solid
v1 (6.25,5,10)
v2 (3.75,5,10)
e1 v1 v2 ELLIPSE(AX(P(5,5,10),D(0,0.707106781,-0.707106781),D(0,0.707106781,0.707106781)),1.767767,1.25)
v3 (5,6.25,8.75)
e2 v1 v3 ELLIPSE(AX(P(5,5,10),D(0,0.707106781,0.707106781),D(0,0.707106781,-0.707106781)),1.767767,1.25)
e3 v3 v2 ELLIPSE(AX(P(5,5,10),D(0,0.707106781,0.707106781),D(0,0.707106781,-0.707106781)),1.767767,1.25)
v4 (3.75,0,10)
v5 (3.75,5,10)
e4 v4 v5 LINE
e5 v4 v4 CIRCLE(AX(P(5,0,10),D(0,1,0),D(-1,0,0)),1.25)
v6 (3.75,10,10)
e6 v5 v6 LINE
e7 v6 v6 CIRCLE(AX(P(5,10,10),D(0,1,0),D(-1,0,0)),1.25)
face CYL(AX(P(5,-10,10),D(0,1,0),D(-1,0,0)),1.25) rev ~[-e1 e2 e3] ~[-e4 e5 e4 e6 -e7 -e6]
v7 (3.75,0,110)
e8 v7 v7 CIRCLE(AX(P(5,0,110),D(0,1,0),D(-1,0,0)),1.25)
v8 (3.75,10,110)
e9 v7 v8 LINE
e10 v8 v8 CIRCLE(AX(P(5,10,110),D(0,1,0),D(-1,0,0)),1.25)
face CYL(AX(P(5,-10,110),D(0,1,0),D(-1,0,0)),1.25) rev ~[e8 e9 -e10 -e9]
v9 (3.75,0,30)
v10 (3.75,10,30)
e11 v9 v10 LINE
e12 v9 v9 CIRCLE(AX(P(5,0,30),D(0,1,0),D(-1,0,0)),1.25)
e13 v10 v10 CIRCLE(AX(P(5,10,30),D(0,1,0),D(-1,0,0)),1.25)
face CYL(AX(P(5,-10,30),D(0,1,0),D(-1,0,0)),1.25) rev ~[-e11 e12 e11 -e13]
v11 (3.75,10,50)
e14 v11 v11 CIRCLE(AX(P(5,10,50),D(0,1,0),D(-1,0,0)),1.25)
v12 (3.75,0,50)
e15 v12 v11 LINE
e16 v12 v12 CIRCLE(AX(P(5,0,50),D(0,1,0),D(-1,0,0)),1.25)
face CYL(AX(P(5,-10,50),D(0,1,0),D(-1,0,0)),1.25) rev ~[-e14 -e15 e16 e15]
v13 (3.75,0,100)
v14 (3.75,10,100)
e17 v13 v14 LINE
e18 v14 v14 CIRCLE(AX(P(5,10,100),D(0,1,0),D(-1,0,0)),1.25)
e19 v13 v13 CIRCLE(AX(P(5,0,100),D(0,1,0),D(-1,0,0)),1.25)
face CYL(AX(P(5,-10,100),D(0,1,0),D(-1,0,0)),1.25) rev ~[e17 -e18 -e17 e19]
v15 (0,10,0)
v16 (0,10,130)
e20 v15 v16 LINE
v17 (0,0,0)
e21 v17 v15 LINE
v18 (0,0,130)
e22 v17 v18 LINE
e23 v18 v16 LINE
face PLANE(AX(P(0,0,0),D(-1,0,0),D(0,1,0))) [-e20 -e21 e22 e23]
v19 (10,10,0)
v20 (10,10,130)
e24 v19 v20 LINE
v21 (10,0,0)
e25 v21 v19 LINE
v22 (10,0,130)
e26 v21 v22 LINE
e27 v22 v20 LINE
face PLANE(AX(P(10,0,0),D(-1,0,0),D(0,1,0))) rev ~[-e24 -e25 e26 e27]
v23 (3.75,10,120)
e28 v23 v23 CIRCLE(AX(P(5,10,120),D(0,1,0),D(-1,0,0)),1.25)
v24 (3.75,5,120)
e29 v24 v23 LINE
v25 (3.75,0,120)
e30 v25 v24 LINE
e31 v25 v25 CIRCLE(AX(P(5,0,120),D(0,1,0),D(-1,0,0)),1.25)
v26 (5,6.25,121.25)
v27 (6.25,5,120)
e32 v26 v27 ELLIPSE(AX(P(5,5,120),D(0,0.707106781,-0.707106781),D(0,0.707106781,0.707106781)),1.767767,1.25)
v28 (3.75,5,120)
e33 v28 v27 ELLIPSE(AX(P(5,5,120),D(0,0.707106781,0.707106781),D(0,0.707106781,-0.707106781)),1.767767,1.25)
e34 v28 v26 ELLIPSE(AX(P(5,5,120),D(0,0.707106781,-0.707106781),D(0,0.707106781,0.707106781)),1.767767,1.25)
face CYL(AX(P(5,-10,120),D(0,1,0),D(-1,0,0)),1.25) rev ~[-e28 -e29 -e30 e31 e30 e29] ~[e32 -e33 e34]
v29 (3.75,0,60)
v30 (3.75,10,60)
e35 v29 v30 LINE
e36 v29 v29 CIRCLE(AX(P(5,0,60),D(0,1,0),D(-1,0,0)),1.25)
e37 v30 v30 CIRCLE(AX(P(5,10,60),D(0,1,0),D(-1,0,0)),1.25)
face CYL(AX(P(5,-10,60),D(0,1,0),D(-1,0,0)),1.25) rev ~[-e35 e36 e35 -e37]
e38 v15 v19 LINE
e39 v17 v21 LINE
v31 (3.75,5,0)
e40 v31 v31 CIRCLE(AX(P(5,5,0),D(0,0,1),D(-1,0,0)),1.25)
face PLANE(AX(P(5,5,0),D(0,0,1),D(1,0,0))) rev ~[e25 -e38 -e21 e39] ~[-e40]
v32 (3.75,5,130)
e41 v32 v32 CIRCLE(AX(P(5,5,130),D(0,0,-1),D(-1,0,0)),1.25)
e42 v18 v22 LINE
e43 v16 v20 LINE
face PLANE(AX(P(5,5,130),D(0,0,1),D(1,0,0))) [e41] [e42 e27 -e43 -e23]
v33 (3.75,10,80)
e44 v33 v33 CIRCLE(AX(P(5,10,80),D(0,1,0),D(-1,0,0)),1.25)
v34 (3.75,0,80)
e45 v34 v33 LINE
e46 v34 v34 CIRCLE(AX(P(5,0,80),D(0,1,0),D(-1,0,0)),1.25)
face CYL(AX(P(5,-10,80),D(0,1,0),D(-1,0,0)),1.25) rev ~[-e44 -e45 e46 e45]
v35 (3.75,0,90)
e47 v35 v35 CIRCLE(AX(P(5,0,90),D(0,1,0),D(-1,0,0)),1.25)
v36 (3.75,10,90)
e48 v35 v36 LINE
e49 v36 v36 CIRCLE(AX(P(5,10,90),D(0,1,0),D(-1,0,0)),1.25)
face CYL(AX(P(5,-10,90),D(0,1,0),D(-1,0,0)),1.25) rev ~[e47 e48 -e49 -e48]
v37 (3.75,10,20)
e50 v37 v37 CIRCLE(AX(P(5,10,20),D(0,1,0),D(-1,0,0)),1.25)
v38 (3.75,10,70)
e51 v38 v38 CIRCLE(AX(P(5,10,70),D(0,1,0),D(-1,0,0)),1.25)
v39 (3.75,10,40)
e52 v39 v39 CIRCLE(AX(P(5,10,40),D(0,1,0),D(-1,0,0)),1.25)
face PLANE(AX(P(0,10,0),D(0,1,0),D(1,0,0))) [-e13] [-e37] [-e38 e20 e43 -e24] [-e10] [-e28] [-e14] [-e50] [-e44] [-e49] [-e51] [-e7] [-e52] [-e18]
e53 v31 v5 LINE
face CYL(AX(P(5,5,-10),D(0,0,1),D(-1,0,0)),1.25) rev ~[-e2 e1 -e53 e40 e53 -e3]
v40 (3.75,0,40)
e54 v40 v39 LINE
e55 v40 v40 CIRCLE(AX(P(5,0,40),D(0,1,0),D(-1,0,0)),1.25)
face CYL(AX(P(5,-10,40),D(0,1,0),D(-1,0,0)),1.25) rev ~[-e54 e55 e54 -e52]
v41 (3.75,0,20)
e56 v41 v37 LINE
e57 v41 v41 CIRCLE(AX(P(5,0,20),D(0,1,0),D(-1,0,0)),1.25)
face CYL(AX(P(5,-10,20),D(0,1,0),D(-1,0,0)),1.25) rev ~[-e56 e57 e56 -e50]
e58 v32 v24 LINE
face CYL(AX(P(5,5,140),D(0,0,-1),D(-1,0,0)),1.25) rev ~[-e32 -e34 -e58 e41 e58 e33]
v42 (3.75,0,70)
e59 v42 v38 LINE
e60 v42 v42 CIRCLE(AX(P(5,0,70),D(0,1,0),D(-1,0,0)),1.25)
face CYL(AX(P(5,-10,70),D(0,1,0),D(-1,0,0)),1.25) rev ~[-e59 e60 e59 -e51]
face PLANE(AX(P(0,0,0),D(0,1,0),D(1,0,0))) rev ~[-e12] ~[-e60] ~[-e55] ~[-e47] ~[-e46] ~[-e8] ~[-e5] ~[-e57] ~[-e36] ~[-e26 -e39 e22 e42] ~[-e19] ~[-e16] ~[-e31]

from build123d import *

# Parameters (mm, degrees)
F0_W      = 10
F0_H      = 10
F1_DEPTH  = 130
F3_D      = 2.5
F3_DEPTH  = 10
F5_D      = 2.5
F5_DEPTH  = 10
F7_D      = 2.5
F7_DEPTH  = 10
F9_D      = 2.5
F9_DEPTH  = 10
F11_D     = 2.5
F11_DEPTH = 10
F13_D     = 2.5
F13_DEPTH = 10
F15_D     = 2.5
F15_DEPTH = 10


with BuildPart() as f1:
    # F0 (on Top) → F1 (new body)
    with BuildSketch(Plane.XY):
        with Locations((5, 5)):
            Rectangle(F0_W, F0_H)
    extrude(amount=F1_DEPTH)

    # F3
    with Locations(Plane.XZ):
        with Locations((5, 10), (5, 20), (5, 30)):
            Hole(F3_D / 2, depth=F3_DEPTH)

    # F5
    with Locations(Plane.XZ):
        with Locations((5, 40), (5, 50), (5, 60)):
            Hole(F5_D / 2, depth=F5_DEPTH)

    # F7
    with Locations(Plane.XZ):
        with Locations((5, 80), (5, 90), (5, 100), (5, 110)):
            Hole(F7_D / 2, depth=F7_DEPTH)

    # F9
    with Locations(Plane.XZ):
        with Locations((5, 70)):
            Hole(F9_D / 2, depth=F9_DEPTH)

    # F11
    with Locations(Plane.XZ):
        with Locations((5, 120)):
            Hole(F11_D / 2, depth=F11_DEPTH)

    # F13
    with Locations(Plane.XY.offset(130)):
        with Locations((5, 5)):
            Hole(F13_D / 2, depth=F13_DEPTH)

    # F15
    with Locations(Plane(origin=(0, 0, 0), x_dir=(1, 0, 0), z_dir=(0, 0, -1))):
        with Locations((5, -5)):
            Hole(F15_D / 2, depth=F15_DEPTH)


solid = f1.part
